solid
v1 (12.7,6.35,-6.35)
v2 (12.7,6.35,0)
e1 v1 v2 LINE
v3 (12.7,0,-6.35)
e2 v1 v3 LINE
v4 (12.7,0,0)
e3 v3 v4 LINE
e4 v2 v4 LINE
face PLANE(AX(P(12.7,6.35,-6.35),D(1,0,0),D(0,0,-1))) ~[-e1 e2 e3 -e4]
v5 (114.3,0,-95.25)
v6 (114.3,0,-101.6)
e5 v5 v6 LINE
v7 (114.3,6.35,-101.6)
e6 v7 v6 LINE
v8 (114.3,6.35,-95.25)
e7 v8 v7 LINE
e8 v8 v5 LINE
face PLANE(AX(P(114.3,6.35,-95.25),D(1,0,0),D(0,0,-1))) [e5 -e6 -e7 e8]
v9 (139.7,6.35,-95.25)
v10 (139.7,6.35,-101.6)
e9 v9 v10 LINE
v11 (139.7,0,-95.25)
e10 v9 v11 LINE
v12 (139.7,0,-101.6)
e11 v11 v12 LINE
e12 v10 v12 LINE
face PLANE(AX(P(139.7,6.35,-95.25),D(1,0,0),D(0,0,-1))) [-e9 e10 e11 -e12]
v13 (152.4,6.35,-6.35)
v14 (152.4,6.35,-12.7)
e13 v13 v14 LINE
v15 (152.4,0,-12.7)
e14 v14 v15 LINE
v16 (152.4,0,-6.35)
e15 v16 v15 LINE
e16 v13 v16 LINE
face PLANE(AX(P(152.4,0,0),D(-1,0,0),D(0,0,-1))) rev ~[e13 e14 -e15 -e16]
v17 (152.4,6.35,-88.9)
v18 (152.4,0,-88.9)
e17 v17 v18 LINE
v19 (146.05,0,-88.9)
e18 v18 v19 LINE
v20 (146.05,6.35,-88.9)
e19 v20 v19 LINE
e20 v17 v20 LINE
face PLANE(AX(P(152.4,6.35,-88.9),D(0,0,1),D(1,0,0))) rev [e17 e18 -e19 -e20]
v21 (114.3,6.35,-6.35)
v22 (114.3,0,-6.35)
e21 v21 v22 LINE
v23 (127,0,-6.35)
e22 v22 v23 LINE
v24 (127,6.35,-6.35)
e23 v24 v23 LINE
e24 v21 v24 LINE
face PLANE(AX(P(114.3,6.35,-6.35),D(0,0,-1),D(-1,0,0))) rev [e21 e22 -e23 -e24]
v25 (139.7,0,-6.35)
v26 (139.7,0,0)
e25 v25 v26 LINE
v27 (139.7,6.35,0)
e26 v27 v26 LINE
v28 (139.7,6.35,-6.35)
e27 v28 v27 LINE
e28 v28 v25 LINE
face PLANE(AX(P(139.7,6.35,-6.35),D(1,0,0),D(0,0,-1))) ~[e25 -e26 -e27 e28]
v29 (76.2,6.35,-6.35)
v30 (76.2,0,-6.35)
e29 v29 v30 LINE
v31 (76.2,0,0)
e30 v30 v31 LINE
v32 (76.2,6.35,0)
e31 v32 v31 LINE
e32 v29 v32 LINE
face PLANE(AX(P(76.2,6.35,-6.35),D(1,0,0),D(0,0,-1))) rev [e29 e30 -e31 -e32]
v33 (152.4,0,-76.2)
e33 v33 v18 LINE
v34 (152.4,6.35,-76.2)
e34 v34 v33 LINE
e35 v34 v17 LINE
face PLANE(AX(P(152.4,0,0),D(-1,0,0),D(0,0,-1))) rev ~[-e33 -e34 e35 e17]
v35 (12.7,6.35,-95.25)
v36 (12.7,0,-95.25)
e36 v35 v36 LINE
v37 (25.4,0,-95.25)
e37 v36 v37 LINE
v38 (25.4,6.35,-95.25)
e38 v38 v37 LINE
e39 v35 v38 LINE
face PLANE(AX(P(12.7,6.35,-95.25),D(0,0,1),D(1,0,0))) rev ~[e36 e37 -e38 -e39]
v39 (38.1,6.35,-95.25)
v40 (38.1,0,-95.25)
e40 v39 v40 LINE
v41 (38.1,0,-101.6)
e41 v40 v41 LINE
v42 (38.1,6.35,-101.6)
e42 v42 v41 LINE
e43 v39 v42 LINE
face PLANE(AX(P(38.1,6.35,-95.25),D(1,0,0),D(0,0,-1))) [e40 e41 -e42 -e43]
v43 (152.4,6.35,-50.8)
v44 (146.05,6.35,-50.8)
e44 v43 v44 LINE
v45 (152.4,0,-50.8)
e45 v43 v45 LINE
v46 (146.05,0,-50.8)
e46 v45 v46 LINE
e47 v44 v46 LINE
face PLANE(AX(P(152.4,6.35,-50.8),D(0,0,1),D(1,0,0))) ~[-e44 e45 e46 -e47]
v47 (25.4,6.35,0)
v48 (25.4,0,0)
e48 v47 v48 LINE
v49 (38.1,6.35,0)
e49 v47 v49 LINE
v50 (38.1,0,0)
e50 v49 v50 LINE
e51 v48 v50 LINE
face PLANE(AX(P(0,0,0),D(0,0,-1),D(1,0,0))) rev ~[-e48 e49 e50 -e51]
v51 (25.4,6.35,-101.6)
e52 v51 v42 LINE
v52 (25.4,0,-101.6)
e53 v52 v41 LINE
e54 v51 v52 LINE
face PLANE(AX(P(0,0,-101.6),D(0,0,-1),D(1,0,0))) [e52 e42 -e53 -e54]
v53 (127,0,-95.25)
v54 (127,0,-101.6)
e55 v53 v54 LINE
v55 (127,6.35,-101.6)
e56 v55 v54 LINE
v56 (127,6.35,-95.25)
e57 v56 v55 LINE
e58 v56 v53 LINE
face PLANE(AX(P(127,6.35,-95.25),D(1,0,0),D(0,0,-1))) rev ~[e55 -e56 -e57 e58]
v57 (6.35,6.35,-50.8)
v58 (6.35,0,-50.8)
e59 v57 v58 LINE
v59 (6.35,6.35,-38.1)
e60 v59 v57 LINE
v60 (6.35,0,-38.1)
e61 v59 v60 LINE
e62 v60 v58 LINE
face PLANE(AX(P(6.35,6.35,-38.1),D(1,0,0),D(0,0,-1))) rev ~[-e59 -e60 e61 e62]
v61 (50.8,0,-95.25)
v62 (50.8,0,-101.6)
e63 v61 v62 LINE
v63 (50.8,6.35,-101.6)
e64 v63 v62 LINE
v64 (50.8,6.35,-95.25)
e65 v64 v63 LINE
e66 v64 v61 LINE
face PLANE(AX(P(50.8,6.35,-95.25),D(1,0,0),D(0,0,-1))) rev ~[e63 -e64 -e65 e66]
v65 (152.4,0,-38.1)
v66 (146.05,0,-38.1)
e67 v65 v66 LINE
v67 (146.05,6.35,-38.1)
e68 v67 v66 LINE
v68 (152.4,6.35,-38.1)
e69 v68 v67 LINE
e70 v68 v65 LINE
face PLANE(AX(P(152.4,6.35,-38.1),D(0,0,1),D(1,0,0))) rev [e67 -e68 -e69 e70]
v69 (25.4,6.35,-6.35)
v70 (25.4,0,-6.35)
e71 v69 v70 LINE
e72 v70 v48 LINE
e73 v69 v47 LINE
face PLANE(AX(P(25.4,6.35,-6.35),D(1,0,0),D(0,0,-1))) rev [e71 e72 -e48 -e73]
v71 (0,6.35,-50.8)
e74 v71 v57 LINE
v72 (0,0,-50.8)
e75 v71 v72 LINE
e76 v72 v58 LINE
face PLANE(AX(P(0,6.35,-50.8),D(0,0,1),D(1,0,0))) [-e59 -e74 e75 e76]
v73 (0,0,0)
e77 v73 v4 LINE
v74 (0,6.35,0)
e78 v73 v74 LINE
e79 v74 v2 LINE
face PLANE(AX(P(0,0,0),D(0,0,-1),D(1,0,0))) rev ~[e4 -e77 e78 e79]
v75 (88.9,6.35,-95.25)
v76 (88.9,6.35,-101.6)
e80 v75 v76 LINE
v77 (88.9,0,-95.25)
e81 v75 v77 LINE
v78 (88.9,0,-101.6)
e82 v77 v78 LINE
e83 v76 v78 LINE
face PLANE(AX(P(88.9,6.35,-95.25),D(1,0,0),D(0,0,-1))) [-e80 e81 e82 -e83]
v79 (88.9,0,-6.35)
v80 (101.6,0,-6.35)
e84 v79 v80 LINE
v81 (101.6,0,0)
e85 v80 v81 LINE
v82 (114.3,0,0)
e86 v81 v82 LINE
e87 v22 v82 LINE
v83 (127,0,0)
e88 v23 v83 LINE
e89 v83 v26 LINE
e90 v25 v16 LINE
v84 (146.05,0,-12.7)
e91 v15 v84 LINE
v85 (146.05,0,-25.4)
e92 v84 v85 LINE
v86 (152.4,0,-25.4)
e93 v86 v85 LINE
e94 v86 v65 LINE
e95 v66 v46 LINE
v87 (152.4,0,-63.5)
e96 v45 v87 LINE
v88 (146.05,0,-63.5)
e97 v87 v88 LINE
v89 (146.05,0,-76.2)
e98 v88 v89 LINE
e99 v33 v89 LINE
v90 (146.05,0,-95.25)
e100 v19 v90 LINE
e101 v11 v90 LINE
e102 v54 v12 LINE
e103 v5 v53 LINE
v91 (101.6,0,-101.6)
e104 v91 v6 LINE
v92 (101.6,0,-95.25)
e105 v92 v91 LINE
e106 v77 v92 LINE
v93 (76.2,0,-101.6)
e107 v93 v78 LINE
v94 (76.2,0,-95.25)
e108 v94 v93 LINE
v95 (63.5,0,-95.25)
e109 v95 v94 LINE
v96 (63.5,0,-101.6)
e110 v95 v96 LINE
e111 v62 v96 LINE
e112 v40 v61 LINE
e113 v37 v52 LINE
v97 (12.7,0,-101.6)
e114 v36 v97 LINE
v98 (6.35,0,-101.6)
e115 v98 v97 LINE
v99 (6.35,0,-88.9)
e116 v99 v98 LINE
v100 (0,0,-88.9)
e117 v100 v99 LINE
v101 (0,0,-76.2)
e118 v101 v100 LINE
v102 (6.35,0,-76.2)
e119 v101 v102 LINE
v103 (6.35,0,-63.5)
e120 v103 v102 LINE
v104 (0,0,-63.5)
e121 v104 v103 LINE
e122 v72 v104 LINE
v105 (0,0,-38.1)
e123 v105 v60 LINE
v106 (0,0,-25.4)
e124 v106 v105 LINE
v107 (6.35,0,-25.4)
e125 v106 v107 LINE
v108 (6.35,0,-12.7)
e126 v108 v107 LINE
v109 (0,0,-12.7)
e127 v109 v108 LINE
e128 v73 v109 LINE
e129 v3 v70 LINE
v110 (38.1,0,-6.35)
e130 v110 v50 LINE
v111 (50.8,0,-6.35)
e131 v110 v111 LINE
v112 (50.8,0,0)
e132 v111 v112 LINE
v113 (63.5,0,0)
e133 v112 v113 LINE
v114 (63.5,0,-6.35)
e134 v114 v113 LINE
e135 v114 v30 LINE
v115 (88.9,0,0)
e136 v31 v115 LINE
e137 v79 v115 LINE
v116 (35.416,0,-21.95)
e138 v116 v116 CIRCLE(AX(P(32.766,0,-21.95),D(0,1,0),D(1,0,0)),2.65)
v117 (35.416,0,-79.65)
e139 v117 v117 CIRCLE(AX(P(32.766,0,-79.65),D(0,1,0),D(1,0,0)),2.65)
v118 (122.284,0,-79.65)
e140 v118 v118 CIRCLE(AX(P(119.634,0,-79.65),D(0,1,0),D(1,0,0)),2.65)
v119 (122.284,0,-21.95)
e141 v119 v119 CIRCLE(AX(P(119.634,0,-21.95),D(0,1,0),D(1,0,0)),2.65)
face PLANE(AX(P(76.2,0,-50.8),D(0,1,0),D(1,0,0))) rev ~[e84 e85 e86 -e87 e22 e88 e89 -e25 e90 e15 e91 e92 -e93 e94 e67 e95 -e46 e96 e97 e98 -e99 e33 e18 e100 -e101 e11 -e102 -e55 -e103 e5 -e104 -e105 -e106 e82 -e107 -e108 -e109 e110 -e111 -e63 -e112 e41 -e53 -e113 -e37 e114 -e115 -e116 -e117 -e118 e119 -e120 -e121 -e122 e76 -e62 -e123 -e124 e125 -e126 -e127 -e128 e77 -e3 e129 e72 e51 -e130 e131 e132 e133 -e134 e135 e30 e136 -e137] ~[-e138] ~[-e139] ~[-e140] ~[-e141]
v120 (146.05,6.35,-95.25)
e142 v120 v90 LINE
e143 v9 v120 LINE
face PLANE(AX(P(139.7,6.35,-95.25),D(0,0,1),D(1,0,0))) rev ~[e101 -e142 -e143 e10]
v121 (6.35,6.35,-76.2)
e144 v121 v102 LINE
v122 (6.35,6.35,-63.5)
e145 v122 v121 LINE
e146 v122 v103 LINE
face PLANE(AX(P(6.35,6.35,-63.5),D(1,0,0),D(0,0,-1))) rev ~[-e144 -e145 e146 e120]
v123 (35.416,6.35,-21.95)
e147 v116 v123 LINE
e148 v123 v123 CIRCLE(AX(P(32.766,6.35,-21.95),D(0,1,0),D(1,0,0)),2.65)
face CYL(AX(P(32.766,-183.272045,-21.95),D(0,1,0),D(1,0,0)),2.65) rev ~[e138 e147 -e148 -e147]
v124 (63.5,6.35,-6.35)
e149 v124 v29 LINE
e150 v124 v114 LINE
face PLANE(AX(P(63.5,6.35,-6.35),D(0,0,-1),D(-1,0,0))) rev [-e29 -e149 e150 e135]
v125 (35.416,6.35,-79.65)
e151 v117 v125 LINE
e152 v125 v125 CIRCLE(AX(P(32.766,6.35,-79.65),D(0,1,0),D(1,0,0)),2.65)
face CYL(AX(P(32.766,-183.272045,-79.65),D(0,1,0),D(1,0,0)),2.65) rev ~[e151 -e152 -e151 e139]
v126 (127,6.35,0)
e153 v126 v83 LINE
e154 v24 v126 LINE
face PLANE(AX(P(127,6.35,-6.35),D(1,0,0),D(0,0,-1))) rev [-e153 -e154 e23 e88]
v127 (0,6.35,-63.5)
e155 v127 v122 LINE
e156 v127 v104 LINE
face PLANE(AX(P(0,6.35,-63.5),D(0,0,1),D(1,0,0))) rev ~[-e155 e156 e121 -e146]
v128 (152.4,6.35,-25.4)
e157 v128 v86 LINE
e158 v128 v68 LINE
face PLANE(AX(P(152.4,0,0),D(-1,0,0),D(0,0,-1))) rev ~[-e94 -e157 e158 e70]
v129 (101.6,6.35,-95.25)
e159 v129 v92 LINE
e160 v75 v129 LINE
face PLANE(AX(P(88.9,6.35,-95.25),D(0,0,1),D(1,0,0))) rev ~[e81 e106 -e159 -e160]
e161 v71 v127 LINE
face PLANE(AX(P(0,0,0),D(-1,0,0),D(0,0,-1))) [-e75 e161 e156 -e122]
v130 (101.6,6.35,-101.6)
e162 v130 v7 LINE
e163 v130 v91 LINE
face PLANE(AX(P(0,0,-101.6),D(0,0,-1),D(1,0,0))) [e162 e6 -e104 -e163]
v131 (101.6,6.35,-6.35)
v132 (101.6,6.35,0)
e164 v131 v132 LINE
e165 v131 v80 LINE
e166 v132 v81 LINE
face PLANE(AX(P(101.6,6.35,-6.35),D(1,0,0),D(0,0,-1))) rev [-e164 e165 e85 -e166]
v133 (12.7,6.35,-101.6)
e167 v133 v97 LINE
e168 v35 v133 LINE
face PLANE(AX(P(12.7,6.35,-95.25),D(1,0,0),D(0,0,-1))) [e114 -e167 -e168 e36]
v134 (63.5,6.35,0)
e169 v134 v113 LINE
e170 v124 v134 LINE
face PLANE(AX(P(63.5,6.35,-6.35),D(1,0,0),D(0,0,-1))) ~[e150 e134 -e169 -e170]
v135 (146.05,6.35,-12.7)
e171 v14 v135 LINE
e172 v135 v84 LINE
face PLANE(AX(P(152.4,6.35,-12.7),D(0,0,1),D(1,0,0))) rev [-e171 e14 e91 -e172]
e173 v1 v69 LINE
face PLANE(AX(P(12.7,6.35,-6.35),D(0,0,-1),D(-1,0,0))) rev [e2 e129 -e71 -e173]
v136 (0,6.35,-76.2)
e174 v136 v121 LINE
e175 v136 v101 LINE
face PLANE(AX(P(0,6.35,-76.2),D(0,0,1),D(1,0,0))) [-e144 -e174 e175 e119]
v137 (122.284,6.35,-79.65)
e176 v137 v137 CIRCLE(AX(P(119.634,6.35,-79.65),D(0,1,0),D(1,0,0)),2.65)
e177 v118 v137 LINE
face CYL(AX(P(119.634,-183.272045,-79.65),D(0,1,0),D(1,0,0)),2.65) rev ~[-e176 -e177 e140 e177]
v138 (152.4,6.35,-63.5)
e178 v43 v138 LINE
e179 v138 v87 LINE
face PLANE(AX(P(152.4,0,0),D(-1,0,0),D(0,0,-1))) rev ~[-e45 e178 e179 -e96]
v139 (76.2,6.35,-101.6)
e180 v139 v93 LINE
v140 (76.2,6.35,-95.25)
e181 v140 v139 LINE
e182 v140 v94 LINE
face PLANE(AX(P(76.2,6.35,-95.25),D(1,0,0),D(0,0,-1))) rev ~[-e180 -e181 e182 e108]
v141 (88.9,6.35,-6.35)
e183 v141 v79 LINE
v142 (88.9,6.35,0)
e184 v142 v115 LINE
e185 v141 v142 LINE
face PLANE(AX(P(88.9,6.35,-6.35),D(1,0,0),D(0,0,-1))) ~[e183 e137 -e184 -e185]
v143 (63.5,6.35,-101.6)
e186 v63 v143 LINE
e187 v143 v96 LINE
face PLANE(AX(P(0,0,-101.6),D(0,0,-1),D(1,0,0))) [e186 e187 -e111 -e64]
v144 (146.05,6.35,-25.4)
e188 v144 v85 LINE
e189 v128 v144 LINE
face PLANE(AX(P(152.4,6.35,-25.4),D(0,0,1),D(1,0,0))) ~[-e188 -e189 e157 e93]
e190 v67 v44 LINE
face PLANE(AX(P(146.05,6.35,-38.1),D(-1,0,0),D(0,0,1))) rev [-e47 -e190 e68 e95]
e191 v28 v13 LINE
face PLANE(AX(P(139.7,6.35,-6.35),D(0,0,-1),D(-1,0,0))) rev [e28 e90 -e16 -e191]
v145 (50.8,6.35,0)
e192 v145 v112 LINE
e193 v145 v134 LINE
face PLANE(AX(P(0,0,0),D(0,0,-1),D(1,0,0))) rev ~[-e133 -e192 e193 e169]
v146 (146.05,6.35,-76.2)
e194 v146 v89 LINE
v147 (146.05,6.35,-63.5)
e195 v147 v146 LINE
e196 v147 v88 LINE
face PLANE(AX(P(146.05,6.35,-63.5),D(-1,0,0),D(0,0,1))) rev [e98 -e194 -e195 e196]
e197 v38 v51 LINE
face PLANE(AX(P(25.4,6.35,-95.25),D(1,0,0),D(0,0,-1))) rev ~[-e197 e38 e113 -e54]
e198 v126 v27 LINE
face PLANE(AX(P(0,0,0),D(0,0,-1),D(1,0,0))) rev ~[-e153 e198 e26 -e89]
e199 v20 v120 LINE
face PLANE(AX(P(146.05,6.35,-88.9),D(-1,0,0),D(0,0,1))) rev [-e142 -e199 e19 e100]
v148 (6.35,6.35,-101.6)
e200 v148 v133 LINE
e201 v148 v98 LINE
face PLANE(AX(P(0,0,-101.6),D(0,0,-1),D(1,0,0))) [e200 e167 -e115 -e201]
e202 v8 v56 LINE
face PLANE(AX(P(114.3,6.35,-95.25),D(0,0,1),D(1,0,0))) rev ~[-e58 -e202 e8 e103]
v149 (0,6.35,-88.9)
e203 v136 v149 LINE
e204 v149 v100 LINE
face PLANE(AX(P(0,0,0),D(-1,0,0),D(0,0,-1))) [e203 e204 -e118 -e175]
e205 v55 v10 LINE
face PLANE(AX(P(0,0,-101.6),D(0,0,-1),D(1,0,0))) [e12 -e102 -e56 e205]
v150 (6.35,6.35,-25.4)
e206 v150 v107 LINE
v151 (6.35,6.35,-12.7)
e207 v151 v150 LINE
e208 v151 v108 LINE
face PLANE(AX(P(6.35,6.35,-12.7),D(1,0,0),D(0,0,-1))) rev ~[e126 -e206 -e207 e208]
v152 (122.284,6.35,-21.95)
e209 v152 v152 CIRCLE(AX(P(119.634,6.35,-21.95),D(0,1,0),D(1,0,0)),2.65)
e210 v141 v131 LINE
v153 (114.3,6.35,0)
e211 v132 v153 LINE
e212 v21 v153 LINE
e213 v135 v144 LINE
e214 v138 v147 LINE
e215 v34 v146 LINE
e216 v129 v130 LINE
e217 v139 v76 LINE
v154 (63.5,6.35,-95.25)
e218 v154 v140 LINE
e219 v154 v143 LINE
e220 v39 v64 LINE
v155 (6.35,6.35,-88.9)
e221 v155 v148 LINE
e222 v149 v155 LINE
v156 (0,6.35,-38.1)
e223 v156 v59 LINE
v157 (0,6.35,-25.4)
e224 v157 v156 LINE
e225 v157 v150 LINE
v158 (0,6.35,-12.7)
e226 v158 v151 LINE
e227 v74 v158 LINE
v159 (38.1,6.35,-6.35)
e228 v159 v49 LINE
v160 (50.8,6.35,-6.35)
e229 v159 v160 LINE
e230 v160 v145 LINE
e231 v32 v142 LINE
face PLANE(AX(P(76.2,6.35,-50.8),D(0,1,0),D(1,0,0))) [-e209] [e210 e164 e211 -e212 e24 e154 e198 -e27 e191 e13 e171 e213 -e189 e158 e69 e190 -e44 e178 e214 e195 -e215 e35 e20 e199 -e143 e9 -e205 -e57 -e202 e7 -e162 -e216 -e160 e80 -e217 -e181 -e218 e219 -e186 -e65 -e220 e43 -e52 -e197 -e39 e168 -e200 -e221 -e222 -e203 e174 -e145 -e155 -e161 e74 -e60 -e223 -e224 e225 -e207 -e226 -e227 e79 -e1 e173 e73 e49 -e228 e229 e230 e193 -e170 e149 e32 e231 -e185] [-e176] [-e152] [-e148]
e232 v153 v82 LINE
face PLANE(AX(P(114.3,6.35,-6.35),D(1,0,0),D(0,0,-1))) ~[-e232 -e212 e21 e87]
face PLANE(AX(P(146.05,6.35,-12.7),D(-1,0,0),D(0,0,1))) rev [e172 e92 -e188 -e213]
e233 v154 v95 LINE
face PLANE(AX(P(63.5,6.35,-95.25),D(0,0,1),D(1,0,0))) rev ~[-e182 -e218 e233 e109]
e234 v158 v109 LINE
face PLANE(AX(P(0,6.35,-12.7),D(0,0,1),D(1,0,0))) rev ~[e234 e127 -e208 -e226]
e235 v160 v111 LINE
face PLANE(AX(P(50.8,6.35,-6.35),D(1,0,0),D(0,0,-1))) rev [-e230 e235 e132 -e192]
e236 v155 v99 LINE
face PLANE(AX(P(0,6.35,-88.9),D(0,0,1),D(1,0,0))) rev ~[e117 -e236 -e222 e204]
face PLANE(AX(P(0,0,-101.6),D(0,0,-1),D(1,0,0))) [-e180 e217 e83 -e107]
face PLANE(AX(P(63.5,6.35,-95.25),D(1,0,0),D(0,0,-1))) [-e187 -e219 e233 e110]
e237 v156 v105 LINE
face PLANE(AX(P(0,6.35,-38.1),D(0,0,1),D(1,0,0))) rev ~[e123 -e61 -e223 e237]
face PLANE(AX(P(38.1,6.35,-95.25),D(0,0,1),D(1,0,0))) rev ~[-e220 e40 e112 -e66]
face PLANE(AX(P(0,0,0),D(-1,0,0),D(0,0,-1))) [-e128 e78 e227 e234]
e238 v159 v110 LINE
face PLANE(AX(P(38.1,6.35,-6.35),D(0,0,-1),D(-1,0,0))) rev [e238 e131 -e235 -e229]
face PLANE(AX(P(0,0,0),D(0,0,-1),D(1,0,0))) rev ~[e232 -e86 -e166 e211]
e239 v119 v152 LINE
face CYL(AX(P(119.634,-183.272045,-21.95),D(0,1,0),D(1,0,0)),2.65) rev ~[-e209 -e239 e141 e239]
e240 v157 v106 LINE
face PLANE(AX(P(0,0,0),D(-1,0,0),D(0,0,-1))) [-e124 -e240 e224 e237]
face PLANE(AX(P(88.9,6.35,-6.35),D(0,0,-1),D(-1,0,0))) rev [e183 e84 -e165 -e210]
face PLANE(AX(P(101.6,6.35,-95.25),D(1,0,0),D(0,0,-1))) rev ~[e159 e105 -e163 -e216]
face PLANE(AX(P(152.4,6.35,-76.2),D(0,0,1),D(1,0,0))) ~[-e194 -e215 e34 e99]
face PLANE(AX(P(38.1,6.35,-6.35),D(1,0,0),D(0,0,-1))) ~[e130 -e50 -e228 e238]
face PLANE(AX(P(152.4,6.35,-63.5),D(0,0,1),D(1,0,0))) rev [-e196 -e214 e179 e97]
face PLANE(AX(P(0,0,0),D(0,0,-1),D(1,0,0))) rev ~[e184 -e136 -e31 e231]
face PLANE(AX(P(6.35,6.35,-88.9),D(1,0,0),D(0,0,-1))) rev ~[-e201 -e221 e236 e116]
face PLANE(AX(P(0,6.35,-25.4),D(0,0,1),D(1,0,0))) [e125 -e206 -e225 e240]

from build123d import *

# Parameters (mm, degrees)
SKETCH1_W             = 152.4
SKETCH1_H             = 101.6
BOSS_EXTRUDE2_DEPTH   = 6.35
SKETCH2_W             = 6.35
SKETCH2_H             = 12.7
CUT_EXTRUDE2_DEPTH    = 6.35
SKETCH2_4_W           = 12.7
SKETCH2_4_H           = 6.35
CUT_EXTRUDE3_DEPTH    = 6.35
F_5_0MM_DOWEL_HOLE7_D = 5.3


with BuildPart() as part:
    # Sketch1 → Boss-Extrude2 (new body)
    with BuildSketch(Plane(origin=(0, 0, 0), x_dir=(1, 0, 0), z_dir=(0, 1, 0))):
        with Locations((76.2, 50.8)):
            Rectangle(SKETCH1_W, SKETCH1_H)
    extrude(amount=BOSS_EXTRUDE2_DEPTH)

    # Sketch2 → Cut-Extrude2 (cut)
    with BuildSketch(Plane(origin=(0, 6.35, 0), x_dir=(1, 0, 0), z_dir=(0, 1, 0))):
        with Locations((3.175, 95.25)):
            Rectangle(SKETCH2_W, SKETCH2_H)
        with Locations((3.175, 69.85)):
            Rectangle(SKETCH2_W, SKETCH2_H)
        with Locations((3.175, 44.45)):
            Rectangle(SKETCH2_W, SKETCH2_H)
        with Locations((3.175, 19.05)):
            Rectangle(SKETCH2_W, SKETCH2_H)
    cut_extrude2 = extrude(amount=-CUT_EXTRUDE2_DEPTH, mode=Mode.SUBTRACT)

    # Mirror1: Cut-Extrude2 across plane
    add(cut_extrude2.mirror(Plane.ZY.offset(-76.2)), mode=Mode.SUBTRACT)

    # Sketch2<4> → Cut-Extrude3 (cut)
    with BuildSketch(Plane(origin=(0, 6.35, 0), x_dir=(1, 0, 0), z_dir=(0, 1, 0))):
        with Locations((19.05, 98.425)):
            Rectangle(SKETCH2_4_W, SKETCH2_4_H)
        with Locations((44.45, 98.425)):
            Rectangle(SKETCH2_4_W, SKETCH2_4_H)
        with Locations((69.85, 98.425)):
            Rectangle(SKETCH2_4_W, SKETCH2_4_H)
        with Locations((95.25, 98.425)):
            Rectangle(SKETCH2_4_W, SKETCH2_4_H)
        with Locations((146.05, 98.425)):
            Rectangle(SKETCH2_4_W, SKETCH2_4_H)
        with Locations((120.65, 98.425)):
            Rectangle(SKETCH2_4_W, SKETCH2_4_H)
    cut_extrude3 = extrude(amount=-CUT_EXTRUDE3_DEPTH, mode=Mode.SUBTRACT)

    # Mirror2: Cut-Extrude3 across plane
    add(cut_extrude3.mirror(Plane(origin=(0, 0, -50.8), x_dir=(1, 0, 0), z_dir=(0, 0, -1))), mode=Mode.SUBTRACT)

    # Ø5.0mm Dowel Hole7 (through all)
    with Locations(Plane(origin=(0, 0, 0), x_dir=(-1, 0, 0), z_dir=(0, -1, 0))):
        with Locations((-119.634, 79.65), (-32.766, 79.65), (-32.766, 21.95), (-119.634, 21.95)):
            Hole(F_5_0MM_DOWEL_HOLE7_D / 2)


solid = part.part
